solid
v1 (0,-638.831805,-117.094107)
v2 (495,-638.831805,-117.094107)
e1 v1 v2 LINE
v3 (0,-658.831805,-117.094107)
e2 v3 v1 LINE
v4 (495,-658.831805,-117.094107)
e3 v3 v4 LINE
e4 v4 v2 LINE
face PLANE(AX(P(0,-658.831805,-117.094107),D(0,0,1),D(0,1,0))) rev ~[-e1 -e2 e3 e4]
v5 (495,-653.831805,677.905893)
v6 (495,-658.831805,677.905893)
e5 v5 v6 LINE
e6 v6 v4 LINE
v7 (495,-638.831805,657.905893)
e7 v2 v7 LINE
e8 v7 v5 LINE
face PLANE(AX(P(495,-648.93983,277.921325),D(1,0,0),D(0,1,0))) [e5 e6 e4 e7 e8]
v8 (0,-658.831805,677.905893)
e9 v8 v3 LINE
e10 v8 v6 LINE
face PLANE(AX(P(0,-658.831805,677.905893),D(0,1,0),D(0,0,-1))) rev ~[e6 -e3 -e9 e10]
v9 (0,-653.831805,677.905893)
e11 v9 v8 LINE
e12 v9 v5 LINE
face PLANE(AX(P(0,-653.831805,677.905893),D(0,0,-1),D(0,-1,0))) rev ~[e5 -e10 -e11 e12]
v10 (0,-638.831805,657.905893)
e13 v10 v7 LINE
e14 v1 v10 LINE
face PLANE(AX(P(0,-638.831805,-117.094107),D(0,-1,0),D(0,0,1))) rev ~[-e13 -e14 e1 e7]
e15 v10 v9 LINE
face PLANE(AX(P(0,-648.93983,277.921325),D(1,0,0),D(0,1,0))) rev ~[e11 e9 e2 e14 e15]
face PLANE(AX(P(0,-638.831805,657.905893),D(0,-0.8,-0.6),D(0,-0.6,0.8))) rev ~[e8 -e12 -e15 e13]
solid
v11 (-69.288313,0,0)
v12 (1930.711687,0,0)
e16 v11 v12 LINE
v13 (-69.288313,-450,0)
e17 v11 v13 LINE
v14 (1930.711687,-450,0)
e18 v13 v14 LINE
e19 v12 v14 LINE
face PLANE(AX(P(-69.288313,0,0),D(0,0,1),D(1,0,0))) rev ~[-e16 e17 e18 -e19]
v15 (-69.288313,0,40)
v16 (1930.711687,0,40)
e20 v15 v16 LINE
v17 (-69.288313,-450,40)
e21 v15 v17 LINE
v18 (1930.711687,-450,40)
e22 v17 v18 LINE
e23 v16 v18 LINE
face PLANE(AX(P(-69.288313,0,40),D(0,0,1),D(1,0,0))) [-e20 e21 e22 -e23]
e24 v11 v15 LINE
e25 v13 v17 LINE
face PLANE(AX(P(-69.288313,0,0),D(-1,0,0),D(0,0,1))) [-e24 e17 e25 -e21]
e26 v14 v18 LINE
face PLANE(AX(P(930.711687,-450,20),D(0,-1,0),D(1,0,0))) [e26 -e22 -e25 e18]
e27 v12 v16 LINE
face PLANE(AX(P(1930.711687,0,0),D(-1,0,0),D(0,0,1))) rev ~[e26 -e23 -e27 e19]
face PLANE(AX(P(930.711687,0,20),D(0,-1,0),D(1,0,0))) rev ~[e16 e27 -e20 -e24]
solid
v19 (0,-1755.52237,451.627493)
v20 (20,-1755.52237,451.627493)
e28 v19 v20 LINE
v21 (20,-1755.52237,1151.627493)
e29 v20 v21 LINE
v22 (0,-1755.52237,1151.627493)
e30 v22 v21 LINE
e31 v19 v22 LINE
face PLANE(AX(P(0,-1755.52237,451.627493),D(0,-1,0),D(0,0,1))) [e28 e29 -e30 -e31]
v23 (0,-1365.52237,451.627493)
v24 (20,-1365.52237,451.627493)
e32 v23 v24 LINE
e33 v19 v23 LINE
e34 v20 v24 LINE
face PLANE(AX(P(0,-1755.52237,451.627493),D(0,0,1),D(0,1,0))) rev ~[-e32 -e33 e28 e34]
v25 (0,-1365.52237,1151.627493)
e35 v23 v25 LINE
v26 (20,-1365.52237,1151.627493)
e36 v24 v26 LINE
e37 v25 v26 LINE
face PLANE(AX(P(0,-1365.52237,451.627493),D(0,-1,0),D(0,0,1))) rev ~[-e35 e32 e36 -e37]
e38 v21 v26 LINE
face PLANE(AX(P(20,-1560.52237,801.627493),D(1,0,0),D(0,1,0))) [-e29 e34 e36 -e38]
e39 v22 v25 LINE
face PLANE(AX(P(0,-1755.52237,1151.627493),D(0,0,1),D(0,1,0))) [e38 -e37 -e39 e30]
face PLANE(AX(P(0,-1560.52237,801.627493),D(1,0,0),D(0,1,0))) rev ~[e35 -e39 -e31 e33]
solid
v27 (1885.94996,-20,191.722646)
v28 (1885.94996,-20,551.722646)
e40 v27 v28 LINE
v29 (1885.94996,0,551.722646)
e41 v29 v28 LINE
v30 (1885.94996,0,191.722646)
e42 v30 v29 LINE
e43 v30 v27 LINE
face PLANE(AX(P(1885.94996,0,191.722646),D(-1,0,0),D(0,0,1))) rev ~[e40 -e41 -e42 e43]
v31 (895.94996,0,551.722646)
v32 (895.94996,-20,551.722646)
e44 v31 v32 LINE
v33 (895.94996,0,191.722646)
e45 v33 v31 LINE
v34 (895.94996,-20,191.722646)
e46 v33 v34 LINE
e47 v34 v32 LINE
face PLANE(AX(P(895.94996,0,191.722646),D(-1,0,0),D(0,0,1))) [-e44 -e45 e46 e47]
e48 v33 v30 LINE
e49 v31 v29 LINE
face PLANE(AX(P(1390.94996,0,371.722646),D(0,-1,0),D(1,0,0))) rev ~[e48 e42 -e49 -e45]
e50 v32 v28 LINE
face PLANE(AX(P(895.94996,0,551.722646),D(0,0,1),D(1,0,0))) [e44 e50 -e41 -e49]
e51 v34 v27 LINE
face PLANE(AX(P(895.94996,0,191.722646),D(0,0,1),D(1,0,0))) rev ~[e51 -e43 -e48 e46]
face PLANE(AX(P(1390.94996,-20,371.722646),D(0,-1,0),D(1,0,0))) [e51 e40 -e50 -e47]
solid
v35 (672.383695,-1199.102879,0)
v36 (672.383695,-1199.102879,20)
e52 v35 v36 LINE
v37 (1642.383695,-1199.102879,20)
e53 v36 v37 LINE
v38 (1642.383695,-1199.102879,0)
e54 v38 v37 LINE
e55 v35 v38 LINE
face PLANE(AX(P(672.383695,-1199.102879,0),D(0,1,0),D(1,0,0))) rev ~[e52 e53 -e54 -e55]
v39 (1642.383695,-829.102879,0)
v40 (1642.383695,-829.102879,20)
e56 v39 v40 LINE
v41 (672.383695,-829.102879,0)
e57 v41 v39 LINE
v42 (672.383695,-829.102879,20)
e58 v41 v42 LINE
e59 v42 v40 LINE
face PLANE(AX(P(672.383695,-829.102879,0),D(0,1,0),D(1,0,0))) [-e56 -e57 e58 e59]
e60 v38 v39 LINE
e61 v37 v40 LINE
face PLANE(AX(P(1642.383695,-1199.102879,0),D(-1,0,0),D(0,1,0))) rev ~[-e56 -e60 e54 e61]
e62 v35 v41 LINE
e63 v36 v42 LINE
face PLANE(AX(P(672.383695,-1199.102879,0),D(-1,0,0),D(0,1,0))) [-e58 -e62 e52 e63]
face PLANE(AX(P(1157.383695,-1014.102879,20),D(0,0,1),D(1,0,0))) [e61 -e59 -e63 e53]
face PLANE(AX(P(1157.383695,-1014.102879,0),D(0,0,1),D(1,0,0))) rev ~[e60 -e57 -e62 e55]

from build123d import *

# Parameters (mm, degrees)
F0_W     = 2000
F0_H     = 40
F1_DEPTH = 450
F3_DEPTH = 495
F4_W     = 990
F4_H     = 360
F5_DEPTH = 20
F6_W     = 390
F6_H     = 700
F7_DEPTH = 20
F8_W     = 970
F8_H     = 370
F9_DEPTH = 20


with BuildPart() as f1:
    # F0 (on Front) → F1 (new body)
    with BuildSketch(Plane.XZ):
        with Locations((930.711687, 20)):
            Rectangle(F0_W, F0_H)
    extrude(amount=F1_DEPTH)


with BuildPart() as f3:
    # F2 (on Right) → F3 (new body)
    with BuildSketch(Plane.YZ):
        Polygon((-653.831805, 677.905893), (-658.831805, 677.905893), (-658.831805, -117.094107), (-638.831805, -117.094107), (-638.831805, 657.905893), align=None)
    extrude(amount=F3_DEPTH)


with BuildPart() as f5:
    # F4 (on Front) → F5 (new body)
    with BuildSketch(Plane.XZ):
        with Locations((1390.94996, 371.722646)):
            Rectangle(F4_W, F4_H)
    extrude(amount=F5_DEPTH)


with BuildPart() as f7:
    # F6 (on Right) → F7 (new body)
    with BuildSketch(Plane.YZ):
        with Locations((-1560.52237, 801.627493)):
            Rectangle(F6_W, F6_H)
    extrude(amount=F7_DEPTH)


with BuildPart() as f9:
    # F8 (on Top) → F9 (new body)
    with BuildSketch(Plane.XY):
        with Locations((1157.383695, -1014.102879)):
            Rectangle(F8_W, F8_H)
    extrude(amount=F9_DEPTH)


solid = Compound([f1.part, f3.part, f5.part, f7.part, f9.part])
